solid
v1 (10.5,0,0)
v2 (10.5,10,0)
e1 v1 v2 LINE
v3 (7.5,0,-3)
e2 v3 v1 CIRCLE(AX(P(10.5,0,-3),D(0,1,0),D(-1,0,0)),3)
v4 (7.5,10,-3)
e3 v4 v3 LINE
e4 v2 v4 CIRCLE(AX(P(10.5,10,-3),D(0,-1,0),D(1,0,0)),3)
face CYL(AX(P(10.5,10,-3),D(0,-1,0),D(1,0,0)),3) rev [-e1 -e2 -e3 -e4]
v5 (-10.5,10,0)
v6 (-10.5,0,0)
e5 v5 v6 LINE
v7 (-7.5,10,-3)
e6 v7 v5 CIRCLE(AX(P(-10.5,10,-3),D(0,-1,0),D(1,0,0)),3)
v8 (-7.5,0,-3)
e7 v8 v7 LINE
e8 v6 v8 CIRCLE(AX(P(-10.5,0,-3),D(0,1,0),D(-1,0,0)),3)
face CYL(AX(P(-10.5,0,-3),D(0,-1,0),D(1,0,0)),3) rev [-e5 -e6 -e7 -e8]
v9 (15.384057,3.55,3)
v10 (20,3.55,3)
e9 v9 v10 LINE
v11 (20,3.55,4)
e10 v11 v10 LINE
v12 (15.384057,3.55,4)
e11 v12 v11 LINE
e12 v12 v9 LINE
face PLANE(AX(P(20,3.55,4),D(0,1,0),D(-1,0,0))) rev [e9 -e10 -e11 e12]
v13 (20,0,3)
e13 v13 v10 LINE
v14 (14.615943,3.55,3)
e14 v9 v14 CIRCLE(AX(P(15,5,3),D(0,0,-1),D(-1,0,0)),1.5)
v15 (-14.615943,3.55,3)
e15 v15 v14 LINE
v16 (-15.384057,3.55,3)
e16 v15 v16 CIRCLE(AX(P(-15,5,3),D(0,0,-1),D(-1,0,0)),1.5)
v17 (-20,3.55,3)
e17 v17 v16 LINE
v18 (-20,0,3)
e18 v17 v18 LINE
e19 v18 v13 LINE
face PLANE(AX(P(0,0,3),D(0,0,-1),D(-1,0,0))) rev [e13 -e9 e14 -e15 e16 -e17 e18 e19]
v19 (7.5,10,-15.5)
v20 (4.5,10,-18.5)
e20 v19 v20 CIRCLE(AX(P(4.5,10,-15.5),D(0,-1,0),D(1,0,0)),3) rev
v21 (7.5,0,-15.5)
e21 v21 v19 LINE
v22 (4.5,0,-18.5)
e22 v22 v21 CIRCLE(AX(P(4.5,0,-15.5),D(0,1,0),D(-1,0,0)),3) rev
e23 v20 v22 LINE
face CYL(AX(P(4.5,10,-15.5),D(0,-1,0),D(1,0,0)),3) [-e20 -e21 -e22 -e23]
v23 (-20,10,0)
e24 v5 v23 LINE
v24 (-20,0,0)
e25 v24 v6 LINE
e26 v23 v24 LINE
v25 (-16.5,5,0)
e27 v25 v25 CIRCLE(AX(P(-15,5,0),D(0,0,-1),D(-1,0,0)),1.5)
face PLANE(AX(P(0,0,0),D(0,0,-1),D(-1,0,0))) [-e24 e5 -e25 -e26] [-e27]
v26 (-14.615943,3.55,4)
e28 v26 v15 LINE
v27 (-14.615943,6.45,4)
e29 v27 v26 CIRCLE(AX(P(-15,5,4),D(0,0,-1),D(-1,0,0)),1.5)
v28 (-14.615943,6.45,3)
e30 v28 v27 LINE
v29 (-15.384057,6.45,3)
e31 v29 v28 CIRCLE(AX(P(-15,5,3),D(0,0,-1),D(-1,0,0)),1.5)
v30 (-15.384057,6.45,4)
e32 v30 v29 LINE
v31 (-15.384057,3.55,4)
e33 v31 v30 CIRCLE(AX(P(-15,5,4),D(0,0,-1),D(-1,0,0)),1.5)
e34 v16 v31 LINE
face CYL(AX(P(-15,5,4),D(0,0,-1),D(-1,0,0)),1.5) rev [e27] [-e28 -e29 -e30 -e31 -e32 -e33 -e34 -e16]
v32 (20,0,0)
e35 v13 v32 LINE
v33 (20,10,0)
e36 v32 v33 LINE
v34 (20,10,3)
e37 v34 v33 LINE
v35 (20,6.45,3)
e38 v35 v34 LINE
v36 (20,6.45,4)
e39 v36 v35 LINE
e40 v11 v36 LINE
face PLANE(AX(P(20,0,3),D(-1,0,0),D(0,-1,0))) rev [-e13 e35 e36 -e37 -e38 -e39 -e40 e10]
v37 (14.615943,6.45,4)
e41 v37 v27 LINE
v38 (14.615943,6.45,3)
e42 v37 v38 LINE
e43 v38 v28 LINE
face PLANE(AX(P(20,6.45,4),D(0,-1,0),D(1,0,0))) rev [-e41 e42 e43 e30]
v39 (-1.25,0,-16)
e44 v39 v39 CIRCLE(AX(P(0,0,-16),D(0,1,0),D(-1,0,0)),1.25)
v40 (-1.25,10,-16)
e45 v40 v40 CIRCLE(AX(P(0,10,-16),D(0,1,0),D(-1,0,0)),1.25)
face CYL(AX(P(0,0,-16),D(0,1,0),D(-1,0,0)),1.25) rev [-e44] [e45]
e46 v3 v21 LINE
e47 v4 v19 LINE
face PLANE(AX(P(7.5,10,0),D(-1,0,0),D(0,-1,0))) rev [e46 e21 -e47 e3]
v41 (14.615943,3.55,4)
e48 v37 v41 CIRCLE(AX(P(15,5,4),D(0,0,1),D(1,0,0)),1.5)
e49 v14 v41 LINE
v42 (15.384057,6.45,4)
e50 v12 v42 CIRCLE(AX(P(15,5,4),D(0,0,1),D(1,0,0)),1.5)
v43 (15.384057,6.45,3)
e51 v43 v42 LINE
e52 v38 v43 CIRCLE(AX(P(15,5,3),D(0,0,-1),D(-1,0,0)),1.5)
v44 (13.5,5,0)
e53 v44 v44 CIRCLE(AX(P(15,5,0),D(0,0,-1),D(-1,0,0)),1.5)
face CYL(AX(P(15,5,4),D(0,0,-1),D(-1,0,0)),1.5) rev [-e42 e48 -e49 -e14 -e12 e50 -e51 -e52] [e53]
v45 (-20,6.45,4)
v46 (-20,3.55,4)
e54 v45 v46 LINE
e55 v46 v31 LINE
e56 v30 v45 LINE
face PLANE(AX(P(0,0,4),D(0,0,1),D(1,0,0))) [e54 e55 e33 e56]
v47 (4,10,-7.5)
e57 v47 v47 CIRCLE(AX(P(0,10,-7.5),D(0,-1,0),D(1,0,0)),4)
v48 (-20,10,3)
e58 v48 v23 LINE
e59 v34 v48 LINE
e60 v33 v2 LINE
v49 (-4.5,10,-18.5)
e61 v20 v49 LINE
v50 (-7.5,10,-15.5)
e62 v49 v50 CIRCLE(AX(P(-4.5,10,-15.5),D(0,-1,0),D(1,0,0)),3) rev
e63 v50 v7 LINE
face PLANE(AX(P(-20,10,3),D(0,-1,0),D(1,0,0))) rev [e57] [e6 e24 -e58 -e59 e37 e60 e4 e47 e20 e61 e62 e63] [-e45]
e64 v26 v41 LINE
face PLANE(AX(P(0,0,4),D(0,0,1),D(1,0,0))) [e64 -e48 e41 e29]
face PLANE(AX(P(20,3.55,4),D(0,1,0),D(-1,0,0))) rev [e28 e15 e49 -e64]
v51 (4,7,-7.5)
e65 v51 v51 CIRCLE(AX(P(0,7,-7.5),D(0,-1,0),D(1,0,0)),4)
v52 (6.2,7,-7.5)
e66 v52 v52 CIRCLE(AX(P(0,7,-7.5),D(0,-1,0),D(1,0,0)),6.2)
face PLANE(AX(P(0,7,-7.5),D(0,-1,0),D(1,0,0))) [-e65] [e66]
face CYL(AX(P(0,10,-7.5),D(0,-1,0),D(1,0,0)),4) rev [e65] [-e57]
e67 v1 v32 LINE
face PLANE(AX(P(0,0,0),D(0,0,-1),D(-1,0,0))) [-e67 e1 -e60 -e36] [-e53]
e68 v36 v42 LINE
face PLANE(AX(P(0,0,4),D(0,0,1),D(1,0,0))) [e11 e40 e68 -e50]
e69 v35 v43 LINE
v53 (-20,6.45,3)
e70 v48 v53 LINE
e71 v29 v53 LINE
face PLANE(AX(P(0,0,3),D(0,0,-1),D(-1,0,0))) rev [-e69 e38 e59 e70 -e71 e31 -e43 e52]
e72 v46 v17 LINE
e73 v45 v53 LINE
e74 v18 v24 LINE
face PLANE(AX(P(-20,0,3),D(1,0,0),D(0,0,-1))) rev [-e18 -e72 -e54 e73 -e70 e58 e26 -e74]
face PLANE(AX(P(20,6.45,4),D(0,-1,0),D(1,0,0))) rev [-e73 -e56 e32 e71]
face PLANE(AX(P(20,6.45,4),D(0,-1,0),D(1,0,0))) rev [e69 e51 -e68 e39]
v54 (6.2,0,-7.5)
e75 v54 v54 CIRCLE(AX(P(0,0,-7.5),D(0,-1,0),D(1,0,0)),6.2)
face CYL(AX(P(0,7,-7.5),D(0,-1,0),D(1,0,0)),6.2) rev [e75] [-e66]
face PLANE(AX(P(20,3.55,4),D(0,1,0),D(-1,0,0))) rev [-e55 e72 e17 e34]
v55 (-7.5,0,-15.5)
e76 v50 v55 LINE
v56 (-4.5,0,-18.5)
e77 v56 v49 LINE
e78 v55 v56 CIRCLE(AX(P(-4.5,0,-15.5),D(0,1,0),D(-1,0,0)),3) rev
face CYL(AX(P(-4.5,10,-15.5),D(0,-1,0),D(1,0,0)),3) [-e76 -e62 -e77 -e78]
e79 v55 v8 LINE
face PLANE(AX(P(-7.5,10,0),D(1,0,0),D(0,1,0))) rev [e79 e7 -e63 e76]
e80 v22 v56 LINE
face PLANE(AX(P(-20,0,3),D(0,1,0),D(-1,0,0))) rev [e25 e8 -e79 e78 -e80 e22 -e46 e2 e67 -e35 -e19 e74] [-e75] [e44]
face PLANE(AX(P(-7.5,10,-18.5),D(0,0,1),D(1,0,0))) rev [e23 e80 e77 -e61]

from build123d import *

# Parameters (mm, degrees)
ESQUISSE1_W               = 40
ESQUISSE1_H               = 10
MAIN_DEPTH                = 3
ESQUISSE2_W               = 40
ESQUISSE2_H               = 2.9
MAKERBEAMRAIL_DEPTH       = 1
ESQUISSE3_R               = 1.5
MAKERBEAMHOLE_DEPTH       = 5
MAKERBEAMHOLEREPEAT_COUNT = 2
MAKERBEAMHOLEREPEAT_PITCH = 30
SKETCH3_W                 = 15
SKETCH3_H                 = 18.5
MAGNETSUPPORT_DEPTH       = 10
FILLET5_R                 = 3
SKETCH4_R                 = 6.2
MAGNETBIGHOLE_DEPTH       = 7
SKETCH5_R                 = 4
MAGNETSMALLHOLE_DEPTH     = 4
SKETCH6_R                 = 1.25
SUBMAGNETFIXHOLE_DEPTH    = 11


with BuildPart() as part:
    # Esquisse1 → Main (new body)
    with BuildSketch(Plane.XY):
        with Locations((0, 5)):
            Rectangle(ESQUISSE1_W, ESQUISSE1_H)
    extrude(amount=MAIN_DEPTH)

    # Esquisse2 → MakerBeamRail (add)
    with BuildSketch(Plane.XY.offset(3)):
        with Locations((0, 5)):
            Rectangle(ESQUISSE2_W, ESQUISSE2_H)
    extrude(amount=MAKERBEAMRAIL_DEPTH)

    # Esquisse3 → MakerBeamHole (cut, through all)
    with BuildSketch(Plane(origin=(0, 0, 0), x_dir=(-1, 0, 0), z_dir=(0, 0, -1))):
        with Locations((-15, 5)):
            Circle(ESQUISSE3_R)
    makerbeamhole = extrude(amount=-MAKERBEAMHOLE_DEPTH, mode=Mode.SUBTRACT)

    # MakerBeamHoleRepeat: MakerBeamHole ×2
    with Locations(*[(-i * MAKERBEAMHOLEREPEAT_PITCH, 0, 0) for i in range(1, MAKERBEAMHOLEREPEAT_COUNT)]):
        add(makerbeamhole, mode=Mode.SUBTRACT)

    # Sketch3 → MagnetSupport (add)
    with BuildSketch(Plane(origin=(0, 0, 0), x_dir=(1, 0, 0), z_dir=(0, 1, 0))):
        with Locations((0, 9.25)):
            Rectangle(SKETCH3_W, SKETCH3_H)
    extrude(amount=MAGNETSUPPORT_DEPTH)

    # Fillet5
    fillet5_edges = [part.edges().sort_by_distance(p)[0] for p in [
        (-7.5, 5, -18.5),
        (-7.5, 5, 0),
        (7.5, 5, 0),
        (7.5, 5, -18.5),
    ]]
    fillet(fillet5_edges, radius=FILLET5_R)

    # Sketch4 → MagnetBigHole (cut)
    with BuildSketch(Plane.XZ):
        with Locations((0, -7.5)):
            Circle(SKETCH4_R)
    extrude(amount=-MAGNETBIGHOLE_DEPTH, mode=Mode.SUBTRACT)

    # Sketch5 → MagnetSmallHole (cut, through all)
    with BuildSketch(Plane.XZ.offset(-7)):
        with Locations((0, -7.5)):
            Circle(SKETCH5_R)
    extrude(amount=-MAGNETSMALLHOLE_DEPTH, mode=Mode.SUBTRACT)

    # Sketch6 → SubMagnetFixHole (cut, through all)
    with BuildSketch(Plane(origin=(0, 10, 0), x_dir=(1, 0, 0), z_dir=(0, 1, 0))):
        with Locations((0, 16)):
            Circle(SKETCH6_R)
    extrude(amount=-SUBMAGNETFIXHOLE_DEPTH, mode=Mode.SUBTRACT)


solid = part.part
